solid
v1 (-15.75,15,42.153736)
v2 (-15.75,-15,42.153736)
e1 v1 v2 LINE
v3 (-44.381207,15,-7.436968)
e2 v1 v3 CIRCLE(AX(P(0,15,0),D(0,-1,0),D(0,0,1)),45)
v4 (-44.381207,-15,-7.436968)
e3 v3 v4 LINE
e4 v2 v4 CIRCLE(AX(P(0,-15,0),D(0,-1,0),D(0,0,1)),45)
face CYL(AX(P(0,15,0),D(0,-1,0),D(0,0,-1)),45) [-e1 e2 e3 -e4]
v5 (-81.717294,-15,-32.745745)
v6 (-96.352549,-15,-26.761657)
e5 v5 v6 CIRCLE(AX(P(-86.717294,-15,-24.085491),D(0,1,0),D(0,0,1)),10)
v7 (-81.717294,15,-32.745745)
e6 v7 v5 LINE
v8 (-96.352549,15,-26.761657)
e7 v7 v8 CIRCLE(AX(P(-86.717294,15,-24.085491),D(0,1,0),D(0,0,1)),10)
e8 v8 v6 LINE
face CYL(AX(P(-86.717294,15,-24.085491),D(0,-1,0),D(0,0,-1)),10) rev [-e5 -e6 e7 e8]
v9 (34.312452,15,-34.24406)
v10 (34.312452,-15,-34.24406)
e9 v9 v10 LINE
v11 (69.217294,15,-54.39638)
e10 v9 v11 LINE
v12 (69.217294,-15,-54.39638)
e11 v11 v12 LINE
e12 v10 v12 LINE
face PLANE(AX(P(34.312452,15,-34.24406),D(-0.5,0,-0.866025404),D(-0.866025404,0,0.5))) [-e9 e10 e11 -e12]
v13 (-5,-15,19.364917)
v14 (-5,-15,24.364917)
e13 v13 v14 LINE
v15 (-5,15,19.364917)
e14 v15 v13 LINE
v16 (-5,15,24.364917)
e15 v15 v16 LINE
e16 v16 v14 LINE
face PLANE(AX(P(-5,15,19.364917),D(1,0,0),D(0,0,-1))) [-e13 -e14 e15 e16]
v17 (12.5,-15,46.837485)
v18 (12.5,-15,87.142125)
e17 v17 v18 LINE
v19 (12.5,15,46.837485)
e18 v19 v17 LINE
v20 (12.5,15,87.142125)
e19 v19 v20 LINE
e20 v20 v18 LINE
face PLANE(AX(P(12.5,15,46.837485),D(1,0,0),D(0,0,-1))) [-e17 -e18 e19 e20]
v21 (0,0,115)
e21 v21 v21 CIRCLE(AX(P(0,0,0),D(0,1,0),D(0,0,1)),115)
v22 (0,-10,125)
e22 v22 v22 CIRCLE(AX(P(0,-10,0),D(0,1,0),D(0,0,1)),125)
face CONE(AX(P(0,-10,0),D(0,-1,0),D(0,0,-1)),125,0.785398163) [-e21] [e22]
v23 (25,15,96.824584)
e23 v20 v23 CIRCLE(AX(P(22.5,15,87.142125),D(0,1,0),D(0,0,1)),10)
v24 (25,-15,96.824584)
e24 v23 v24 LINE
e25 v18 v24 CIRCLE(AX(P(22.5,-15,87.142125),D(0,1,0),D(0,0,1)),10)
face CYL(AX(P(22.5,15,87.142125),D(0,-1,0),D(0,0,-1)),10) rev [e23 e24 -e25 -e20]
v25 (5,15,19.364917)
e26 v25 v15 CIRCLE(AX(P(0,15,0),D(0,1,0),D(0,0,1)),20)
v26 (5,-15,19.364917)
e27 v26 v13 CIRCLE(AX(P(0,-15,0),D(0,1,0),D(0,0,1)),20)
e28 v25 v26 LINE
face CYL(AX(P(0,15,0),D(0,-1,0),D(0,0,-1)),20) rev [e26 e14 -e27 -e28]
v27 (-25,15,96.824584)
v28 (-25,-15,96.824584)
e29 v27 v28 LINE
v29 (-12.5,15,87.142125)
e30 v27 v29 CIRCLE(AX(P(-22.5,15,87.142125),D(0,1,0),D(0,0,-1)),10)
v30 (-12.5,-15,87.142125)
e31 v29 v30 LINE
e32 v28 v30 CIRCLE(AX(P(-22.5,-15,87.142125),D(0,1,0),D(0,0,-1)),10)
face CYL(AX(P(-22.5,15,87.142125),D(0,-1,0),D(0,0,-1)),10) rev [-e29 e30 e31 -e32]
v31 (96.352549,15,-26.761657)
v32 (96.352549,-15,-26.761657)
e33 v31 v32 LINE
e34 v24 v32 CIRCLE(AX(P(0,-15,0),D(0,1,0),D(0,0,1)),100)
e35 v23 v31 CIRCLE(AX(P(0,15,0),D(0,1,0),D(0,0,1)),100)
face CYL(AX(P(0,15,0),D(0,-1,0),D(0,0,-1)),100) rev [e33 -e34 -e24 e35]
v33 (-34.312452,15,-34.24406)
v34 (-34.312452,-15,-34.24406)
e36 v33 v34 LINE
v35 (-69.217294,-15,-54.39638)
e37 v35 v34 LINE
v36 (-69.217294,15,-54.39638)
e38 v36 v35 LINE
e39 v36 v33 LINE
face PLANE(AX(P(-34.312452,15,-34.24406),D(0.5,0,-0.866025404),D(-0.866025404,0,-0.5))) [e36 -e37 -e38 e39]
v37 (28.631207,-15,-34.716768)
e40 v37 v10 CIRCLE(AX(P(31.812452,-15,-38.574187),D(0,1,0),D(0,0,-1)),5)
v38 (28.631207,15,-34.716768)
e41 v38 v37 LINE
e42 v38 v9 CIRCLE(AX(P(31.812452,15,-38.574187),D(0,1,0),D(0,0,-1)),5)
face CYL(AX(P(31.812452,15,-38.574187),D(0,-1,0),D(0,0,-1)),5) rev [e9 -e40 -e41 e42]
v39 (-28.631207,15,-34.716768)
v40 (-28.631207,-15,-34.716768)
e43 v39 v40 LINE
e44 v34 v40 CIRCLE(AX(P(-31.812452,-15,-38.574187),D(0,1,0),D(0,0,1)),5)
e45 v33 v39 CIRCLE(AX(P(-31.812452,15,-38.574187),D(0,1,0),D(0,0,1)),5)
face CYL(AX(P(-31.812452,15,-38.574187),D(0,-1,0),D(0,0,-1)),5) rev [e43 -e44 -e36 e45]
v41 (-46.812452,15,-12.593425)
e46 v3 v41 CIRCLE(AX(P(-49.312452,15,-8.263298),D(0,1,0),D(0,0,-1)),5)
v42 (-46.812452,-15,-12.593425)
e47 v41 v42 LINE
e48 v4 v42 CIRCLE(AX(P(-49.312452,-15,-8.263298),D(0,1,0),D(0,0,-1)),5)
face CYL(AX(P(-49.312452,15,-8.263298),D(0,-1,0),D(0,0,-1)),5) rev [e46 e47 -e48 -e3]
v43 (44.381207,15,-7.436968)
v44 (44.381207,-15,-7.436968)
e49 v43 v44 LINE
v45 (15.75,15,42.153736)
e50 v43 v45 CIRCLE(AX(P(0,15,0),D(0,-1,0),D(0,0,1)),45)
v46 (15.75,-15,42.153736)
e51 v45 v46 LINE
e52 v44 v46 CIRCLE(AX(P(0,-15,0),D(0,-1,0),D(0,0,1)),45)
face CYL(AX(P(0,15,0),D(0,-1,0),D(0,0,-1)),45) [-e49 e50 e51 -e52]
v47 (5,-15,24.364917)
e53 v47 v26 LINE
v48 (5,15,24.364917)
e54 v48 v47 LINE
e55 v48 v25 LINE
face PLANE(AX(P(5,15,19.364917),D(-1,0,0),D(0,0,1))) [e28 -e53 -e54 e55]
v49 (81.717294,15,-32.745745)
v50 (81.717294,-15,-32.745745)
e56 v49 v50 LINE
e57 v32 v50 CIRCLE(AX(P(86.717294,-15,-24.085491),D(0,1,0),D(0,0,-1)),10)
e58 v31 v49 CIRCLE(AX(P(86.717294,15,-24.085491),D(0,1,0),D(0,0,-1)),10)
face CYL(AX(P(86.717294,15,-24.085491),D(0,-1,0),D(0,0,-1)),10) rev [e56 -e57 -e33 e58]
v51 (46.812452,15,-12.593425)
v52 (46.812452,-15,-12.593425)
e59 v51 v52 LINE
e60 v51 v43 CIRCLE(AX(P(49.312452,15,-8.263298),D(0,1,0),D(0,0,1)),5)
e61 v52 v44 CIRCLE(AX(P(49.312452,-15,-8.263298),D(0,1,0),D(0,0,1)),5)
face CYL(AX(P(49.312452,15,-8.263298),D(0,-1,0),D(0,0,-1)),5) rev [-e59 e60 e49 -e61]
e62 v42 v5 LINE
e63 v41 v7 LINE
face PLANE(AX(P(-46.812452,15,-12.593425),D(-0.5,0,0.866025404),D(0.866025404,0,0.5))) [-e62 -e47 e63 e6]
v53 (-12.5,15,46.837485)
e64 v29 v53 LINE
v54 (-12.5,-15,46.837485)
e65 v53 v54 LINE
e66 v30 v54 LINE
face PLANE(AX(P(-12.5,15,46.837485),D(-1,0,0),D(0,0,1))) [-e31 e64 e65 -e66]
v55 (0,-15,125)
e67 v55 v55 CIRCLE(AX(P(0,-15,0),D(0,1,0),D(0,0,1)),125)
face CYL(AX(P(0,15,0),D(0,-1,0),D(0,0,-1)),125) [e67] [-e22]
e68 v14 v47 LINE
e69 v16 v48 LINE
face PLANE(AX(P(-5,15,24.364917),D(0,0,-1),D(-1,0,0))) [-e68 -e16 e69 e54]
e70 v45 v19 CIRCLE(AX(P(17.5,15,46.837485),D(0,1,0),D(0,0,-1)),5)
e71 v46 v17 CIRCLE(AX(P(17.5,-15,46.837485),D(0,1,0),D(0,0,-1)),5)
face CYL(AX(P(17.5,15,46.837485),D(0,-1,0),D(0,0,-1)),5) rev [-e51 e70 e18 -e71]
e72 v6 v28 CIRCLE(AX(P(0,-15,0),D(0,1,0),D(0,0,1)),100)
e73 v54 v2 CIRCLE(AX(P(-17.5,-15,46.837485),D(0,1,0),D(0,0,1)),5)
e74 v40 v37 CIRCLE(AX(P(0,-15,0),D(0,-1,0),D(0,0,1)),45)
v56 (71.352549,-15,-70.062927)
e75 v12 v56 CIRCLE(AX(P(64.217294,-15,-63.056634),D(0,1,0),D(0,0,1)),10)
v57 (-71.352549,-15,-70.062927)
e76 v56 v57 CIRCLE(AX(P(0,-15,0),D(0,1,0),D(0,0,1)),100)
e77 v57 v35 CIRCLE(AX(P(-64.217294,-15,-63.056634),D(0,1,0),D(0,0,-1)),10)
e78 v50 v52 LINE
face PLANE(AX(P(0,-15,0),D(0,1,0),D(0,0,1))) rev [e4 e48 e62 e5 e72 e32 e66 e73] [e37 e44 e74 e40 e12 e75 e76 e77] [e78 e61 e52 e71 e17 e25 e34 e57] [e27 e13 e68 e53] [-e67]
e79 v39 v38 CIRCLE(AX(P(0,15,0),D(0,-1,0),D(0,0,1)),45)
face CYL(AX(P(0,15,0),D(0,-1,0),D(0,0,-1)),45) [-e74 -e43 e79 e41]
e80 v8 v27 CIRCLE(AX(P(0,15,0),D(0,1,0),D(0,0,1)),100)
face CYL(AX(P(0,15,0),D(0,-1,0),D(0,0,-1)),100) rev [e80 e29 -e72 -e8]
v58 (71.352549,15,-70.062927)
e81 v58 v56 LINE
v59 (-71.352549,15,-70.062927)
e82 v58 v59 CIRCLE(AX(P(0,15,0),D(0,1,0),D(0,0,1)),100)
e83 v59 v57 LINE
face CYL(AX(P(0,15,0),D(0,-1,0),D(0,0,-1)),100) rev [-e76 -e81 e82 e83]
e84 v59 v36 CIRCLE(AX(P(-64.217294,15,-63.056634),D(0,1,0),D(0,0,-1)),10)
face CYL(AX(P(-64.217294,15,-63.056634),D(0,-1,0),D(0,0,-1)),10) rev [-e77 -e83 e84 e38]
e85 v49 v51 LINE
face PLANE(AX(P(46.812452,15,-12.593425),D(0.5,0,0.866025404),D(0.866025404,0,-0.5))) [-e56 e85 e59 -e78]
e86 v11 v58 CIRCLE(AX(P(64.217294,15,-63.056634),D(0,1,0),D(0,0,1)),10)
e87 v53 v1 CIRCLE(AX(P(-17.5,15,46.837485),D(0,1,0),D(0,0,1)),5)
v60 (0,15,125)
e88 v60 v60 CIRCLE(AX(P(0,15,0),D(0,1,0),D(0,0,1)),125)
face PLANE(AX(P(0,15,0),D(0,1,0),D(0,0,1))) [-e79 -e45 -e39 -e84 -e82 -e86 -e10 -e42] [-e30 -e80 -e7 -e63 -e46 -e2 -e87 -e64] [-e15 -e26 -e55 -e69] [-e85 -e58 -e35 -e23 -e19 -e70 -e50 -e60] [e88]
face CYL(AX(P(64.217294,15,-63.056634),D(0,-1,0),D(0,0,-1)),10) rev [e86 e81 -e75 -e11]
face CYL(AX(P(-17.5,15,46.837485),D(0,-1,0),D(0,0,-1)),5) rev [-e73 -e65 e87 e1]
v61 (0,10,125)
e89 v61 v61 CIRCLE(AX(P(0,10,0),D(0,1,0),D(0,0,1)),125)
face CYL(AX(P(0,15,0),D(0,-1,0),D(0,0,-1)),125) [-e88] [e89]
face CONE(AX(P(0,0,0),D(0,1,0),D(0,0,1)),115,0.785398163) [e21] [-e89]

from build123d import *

# Parameters (mm, degrees)
SKETCH1_R           = 125
BOSS_EXTRUDE1_DEPTH = 15


with BuildPart() as part:
    # Sketch1 → Boss-Extrude1 (new, symmetric)
    with BuildSketch(Plane(origin=(0, 0, 0), x_dir=(1, 0, 0), z_dir=(0, 1, 0))):
        with Locations(Location((0, 0, 0), (0, 0, 270))):
            Circle(SKETCH1_R)
        with BuildLine():
            Line((34.312451849, 34.244060041), (69.217294241, 54.396380192))
            ThreePointArc((69.217294241, 54.396380192), (74.125688388, 61.706180446), (71.352549156, 70.062926922))
            ThreePointArc((71.352549156, 70.062926922), (0, 100), (-71.352549156, 70.062926922))
            ThreePointArc((-71.352549156, 70.062926922), (-74.125688388, 61.706180446), (-69.217294241, 54.396380192))
            Line((-69.217294241, 54.396380192), (-34.312451849, 34.244060041))
            ThreePointArc((-34.312451849, 34.244060041), (-31.397859232, 33.591405411), (-28.631206664, 34.716768354))
            ThreePointArc((-28.631206664, 34.716768354), (0, 45), (28.631206664, 34.716768354))
            ThreePointArc((28.631206664, 34.716768354), (31.397859232, 33.591405411), (34.312451849, 34.244060041))
        make_face(mode=Mode.SUBTRACT)
        with BuildLine():
            Line((-12.5, -46.837484988), (-12.5, -87.14212529))
            ThreePointArc((-12.5, -87.14212529), (-16.376275643, -95.04781944), (-25, -96.824583655))
            ThreePointArc((-25, -96.824583655), (-86.602540378, -50), (-96.352549156, 26.761656733))
            ThreePointArc((-96.352549156, 26.761656733), (-90.501964031, 33.341638994), (-81.717294241, 32.745745098))
            Line((-81.717294241, 32.745745098), (-46.812451849, 12.593424947))
            ThreePointArc((-46.812451849, 12.593424947), (-44.789940051, 10.395641014), (-44.381206664, 7.436968135))
            ThreePointArc((-44.381206664, 7.436968135), (-38.97114317, -22.5), (-15.75, -42.153736489))
            ThreePointArc((-15.75, -42.153736489), (-13.392080819, -43.987046425), (-12.5, -46.837484988))
        make_face(mode=Mode.SUBTRACT)
        with BuildLine():
            Line((12.5, -46.837484988), (12.5, -87.14212529))
            ThreePointArc((12.5, -87.14212529), (16.376275643, -95.04781944), (25, -96.824583655))
            ThreePointArc((25, -96.824583655), (86.602540378, -50), (96.352549156, 26.761656733))
            ThreePointArc((96.352549156, 26.761656733), (90.501964031, 33.341638994), (81.717294241, 32.745745098))
            Line((81.717294241, 32.745745098), (46.812451849, 12.593424947))
            ThreePointArc((46.812451849, 12.593424947), (44.789940051, 10.395641014), (44.381206664, 7.436968135))
            ThreePointArc((44.381206664, 7.436968135), (38.97114317, -22.5), (15.75, -42.153736489))
            ThreePointArc((15.75, -42.153736489), (13.392080819, -43.987046425), (12.5, -46.837484988))
        make_face(mode=Mode.SUBTRACT)
        with BuildLine():
            Line((-5, -19.364916731), (-5, -24.364916731))
            Line((-5, -24.364916731), (5, -24.364916731))
            Line((5, -24.364916731), (5, -19.364916731))
            ThreePointArc((5, -19.364916731), (0, 20), (-5, -19.364916731))
        make_face(mode=Mode.SUBTRACT)
    extrude(amount=BOSS_EXTRUDE1_DEPTH, both=True)

    # Sketch2 → Cut-Revolve1 (revolve, cut)
    with BuildSketch(Plane.XY, mode=Mode.PRIVATE) as cut_revolve1_sk:
        Polygon((-125, 10), (-125, -10), (-115, 0), align=None)
    revolve(cut_revolve1_sk.sketch.rotate(Axis((0, 35.426669207, 0), (0, -1, 0)), 270), axis=Axis((0, 35.426669207, 0), (0, -1, 0)), mode=Mode.SUBTRACT)


solid = part.part
